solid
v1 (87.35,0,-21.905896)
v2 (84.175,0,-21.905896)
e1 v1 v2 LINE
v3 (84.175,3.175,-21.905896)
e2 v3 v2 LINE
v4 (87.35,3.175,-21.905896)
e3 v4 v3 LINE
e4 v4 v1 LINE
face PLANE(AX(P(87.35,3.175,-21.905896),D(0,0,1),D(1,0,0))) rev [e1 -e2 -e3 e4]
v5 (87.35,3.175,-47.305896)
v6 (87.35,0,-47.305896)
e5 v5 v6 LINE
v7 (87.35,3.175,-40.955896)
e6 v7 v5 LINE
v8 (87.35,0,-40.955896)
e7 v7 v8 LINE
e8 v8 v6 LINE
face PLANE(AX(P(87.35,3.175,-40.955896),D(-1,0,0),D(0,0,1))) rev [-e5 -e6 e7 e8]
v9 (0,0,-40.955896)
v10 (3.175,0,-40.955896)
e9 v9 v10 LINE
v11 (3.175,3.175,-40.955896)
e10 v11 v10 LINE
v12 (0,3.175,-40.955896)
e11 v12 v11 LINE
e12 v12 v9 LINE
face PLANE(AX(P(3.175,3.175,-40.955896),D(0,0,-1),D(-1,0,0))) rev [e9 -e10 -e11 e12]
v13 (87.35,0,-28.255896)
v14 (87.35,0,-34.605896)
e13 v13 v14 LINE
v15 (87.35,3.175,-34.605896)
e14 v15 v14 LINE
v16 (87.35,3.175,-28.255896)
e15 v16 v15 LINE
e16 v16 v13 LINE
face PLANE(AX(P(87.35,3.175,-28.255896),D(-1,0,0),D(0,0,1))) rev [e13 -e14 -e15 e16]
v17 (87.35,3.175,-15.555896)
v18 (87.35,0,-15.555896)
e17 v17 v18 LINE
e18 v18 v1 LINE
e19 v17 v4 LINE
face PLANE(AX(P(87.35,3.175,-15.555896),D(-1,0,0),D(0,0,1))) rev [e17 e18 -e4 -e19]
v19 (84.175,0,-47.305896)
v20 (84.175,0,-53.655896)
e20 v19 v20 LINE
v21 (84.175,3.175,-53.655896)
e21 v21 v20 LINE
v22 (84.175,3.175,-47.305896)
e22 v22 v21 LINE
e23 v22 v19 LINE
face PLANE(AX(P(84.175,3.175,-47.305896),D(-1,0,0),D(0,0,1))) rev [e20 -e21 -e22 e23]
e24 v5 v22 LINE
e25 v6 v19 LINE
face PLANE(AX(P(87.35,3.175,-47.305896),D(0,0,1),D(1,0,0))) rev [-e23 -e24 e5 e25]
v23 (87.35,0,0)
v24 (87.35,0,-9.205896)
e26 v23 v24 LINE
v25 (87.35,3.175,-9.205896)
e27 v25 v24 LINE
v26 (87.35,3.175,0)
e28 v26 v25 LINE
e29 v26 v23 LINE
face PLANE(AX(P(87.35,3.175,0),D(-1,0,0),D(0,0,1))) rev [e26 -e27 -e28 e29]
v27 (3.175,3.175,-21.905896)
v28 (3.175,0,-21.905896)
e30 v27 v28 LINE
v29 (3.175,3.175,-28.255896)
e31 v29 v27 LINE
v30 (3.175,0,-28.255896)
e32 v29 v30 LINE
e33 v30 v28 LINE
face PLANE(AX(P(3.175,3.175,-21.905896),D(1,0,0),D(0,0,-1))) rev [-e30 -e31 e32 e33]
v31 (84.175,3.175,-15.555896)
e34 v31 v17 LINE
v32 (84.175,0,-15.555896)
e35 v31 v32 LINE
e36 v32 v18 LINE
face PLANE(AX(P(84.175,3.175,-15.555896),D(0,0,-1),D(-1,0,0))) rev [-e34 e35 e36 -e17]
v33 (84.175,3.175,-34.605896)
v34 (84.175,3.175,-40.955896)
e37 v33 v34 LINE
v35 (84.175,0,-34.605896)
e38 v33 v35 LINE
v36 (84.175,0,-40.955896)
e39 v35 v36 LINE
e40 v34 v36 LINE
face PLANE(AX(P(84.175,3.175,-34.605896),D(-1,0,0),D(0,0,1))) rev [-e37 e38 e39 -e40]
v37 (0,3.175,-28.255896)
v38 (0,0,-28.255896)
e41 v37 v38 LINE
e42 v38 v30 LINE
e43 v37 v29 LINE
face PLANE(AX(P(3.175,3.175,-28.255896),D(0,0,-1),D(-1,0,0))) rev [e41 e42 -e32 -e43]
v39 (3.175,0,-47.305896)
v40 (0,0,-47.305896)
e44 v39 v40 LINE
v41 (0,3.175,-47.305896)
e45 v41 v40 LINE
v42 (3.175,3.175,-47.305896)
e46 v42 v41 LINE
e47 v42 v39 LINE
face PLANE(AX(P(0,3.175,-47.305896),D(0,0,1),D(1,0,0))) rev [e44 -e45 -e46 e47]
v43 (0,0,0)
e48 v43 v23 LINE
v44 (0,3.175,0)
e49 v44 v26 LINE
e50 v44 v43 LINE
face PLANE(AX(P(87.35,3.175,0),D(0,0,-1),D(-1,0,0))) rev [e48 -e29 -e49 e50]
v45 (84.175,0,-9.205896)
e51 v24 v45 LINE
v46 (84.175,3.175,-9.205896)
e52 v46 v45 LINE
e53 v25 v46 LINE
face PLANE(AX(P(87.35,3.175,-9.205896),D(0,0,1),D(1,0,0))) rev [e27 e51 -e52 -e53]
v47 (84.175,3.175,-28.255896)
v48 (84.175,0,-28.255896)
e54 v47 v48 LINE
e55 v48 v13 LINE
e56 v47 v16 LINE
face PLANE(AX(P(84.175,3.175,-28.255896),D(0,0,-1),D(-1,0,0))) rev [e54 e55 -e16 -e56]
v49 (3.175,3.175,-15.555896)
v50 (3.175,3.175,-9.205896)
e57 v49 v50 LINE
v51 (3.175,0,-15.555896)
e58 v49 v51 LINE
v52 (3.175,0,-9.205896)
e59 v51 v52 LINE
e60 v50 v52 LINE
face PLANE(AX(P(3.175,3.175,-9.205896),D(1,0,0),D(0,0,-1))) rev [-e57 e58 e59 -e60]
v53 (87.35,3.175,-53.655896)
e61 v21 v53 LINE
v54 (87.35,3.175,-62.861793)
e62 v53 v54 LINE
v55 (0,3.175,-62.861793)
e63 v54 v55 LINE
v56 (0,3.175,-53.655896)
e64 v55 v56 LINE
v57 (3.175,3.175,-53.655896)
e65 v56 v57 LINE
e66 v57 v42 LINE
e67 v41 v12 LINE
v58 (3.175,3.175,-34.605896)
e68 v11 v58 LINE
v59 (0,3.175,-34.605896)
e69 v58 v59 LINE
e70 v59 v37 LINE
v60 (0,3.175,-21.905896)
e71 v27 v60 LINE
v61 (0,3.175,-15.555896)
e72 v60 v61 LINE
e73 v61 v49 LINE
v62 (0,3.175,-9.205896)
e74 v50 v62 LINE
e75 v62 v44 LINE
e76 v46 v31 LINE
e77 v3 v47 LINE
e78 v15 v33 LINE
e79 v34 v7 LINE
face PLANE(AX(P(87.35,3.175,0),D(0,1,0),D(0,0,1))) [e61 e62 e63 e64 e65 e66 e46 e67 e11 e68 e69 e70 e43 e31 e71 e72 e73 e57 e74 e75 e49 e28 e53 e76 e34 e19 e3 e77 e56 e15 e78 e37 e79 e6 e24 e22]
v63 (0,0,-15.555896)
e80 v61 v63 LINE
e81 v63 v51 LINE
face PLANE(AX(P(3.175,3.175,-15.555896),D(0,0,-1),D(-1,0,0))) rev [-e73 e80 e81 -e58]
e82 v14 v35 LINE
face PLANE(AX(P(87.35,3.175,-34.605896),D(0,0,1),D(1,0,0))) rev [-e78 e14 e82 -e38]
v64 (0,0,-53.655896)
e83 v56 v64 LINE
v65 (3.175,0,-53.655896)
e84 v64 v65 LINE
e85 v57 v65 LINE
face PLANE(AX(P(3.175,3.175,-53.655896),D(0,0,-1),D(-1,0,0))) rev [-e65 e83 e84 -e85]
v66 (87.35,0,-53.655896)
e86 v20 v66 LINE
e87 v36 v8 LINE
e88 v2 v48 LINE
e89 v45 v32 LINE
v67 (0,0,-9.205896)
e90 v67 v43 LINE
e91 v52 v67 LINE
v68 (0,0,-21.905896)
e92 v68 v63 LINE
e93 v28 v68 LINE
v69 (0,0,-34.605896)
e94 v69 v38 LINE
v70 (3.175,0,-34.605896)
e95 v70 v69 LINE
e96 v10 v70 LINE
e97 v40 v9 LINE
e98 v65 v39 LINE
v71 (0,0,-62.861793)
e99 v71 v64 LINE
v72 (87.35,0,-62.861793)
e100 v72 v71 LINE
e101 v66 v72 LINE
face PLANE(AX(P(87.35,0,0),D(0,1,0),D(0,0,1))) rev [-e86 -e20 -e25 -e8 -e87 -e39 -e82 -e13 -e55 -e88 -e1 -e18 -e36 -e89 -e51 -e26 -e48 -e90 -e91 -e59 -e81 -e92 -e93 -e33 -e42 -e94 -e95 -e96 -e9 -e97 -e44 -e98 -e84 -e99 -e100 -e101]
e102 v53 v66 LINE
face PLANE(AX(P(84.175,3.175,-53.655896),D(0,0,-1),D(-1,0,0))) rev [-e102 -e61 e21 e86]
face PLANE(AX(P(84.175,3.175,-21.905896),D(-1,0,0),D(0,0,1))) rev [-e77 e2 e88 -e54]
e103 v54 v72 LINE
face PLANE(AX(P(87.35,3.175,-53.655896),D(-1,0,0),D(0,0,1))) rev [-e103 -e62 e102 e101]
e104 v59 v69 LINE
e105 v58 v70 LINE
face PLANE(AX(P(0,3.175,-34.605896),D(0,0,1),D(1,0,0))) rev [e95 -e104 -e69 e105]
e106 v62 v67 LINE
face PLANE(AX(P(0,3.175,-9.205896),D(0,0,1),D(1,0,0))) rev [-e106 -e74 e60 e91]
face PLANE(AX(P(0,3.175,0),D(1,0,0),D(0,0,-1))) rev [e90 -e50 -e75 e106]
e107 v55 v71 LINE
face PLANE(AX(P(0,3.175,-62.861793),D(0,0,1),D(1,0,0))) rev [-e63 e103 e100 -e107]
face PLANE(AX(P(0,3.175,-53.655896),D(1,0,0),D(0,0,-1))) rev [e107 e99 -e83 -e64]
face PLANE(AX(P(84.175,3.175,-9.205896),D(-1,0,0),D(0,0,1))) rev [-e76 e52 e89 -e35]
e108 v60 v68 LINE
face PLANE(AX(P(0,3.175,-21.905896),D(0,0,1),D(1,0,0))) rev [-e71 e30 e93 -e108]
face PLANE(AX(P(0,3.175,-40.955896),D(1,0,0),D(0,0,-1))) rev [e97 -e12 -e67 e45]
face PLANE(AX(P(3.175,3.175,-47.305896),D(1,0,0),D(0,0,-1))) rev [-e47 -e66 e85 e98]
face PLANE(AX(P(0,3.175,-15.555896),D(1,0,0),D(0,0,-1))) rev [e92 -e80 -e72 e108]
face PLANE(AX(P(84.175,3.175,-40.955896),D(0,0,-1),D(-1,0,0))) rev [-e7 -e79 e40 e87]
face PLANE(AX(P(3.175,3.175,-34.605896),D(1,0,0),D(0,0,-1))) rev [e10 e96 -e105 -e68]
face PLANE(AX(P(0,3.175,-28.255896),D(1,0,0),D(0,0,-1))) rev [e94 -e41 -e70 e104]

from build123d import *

# Parameters (mm, degrees)
BOSS_EXTRUDE1_DEPTH = 3.175


with BuildPart() as part:
    # Sketch1 → Boss-Extrude1 (new body)
    with BuildSketch(Plane(origin=(0, 0, 0), x_dir=(1, 0, 0), z_dir=(0, 1, 0))):
        Polygon((0, 0), (0, 9.205896498), (3.175, 9.205896498), (3.175, 15.555896498), (0, 15.555896498), (0, 21.905896498), (3.175, 21.905896498), (3.175, 28.255896498), (0, 28.255896498), (0, 34.605896498), (3.175, 34.605896498), (3.175, 40.955896498), (0, 40.955896498), (0, 47.305896498), (3.175, 47.305896498), (3.175, 53.655896498), (0, 53.655896498), (0, 62.861792996), (3.175, 62.861792996), (84.175, 62.861792996), (87.35, 62.861792996), (87.35, 53.655896498), (84.175, 53.655896498), (84.175, 47.305896498), (87.35, 47.305896498), (87.35, 40.955896498), (84.175, 40.955896498), (84.175, 34.605896498), (87.35, 34.605896498), (87.35, 28.255896498), (84.175, 28.255896498), (84.175, 21.905896498), (87.35, 21.905896498), (87.35, 15.555896498), (84.175, 15.555896498), (84.175, 9.205896498), (87.35, 9.205896498), (87.35, 0), (84.175, 0), (3.175, 0), align=None)
    extrude(amount=BOSS_EXTRUDE1_DEPTH)


solid = part.part
